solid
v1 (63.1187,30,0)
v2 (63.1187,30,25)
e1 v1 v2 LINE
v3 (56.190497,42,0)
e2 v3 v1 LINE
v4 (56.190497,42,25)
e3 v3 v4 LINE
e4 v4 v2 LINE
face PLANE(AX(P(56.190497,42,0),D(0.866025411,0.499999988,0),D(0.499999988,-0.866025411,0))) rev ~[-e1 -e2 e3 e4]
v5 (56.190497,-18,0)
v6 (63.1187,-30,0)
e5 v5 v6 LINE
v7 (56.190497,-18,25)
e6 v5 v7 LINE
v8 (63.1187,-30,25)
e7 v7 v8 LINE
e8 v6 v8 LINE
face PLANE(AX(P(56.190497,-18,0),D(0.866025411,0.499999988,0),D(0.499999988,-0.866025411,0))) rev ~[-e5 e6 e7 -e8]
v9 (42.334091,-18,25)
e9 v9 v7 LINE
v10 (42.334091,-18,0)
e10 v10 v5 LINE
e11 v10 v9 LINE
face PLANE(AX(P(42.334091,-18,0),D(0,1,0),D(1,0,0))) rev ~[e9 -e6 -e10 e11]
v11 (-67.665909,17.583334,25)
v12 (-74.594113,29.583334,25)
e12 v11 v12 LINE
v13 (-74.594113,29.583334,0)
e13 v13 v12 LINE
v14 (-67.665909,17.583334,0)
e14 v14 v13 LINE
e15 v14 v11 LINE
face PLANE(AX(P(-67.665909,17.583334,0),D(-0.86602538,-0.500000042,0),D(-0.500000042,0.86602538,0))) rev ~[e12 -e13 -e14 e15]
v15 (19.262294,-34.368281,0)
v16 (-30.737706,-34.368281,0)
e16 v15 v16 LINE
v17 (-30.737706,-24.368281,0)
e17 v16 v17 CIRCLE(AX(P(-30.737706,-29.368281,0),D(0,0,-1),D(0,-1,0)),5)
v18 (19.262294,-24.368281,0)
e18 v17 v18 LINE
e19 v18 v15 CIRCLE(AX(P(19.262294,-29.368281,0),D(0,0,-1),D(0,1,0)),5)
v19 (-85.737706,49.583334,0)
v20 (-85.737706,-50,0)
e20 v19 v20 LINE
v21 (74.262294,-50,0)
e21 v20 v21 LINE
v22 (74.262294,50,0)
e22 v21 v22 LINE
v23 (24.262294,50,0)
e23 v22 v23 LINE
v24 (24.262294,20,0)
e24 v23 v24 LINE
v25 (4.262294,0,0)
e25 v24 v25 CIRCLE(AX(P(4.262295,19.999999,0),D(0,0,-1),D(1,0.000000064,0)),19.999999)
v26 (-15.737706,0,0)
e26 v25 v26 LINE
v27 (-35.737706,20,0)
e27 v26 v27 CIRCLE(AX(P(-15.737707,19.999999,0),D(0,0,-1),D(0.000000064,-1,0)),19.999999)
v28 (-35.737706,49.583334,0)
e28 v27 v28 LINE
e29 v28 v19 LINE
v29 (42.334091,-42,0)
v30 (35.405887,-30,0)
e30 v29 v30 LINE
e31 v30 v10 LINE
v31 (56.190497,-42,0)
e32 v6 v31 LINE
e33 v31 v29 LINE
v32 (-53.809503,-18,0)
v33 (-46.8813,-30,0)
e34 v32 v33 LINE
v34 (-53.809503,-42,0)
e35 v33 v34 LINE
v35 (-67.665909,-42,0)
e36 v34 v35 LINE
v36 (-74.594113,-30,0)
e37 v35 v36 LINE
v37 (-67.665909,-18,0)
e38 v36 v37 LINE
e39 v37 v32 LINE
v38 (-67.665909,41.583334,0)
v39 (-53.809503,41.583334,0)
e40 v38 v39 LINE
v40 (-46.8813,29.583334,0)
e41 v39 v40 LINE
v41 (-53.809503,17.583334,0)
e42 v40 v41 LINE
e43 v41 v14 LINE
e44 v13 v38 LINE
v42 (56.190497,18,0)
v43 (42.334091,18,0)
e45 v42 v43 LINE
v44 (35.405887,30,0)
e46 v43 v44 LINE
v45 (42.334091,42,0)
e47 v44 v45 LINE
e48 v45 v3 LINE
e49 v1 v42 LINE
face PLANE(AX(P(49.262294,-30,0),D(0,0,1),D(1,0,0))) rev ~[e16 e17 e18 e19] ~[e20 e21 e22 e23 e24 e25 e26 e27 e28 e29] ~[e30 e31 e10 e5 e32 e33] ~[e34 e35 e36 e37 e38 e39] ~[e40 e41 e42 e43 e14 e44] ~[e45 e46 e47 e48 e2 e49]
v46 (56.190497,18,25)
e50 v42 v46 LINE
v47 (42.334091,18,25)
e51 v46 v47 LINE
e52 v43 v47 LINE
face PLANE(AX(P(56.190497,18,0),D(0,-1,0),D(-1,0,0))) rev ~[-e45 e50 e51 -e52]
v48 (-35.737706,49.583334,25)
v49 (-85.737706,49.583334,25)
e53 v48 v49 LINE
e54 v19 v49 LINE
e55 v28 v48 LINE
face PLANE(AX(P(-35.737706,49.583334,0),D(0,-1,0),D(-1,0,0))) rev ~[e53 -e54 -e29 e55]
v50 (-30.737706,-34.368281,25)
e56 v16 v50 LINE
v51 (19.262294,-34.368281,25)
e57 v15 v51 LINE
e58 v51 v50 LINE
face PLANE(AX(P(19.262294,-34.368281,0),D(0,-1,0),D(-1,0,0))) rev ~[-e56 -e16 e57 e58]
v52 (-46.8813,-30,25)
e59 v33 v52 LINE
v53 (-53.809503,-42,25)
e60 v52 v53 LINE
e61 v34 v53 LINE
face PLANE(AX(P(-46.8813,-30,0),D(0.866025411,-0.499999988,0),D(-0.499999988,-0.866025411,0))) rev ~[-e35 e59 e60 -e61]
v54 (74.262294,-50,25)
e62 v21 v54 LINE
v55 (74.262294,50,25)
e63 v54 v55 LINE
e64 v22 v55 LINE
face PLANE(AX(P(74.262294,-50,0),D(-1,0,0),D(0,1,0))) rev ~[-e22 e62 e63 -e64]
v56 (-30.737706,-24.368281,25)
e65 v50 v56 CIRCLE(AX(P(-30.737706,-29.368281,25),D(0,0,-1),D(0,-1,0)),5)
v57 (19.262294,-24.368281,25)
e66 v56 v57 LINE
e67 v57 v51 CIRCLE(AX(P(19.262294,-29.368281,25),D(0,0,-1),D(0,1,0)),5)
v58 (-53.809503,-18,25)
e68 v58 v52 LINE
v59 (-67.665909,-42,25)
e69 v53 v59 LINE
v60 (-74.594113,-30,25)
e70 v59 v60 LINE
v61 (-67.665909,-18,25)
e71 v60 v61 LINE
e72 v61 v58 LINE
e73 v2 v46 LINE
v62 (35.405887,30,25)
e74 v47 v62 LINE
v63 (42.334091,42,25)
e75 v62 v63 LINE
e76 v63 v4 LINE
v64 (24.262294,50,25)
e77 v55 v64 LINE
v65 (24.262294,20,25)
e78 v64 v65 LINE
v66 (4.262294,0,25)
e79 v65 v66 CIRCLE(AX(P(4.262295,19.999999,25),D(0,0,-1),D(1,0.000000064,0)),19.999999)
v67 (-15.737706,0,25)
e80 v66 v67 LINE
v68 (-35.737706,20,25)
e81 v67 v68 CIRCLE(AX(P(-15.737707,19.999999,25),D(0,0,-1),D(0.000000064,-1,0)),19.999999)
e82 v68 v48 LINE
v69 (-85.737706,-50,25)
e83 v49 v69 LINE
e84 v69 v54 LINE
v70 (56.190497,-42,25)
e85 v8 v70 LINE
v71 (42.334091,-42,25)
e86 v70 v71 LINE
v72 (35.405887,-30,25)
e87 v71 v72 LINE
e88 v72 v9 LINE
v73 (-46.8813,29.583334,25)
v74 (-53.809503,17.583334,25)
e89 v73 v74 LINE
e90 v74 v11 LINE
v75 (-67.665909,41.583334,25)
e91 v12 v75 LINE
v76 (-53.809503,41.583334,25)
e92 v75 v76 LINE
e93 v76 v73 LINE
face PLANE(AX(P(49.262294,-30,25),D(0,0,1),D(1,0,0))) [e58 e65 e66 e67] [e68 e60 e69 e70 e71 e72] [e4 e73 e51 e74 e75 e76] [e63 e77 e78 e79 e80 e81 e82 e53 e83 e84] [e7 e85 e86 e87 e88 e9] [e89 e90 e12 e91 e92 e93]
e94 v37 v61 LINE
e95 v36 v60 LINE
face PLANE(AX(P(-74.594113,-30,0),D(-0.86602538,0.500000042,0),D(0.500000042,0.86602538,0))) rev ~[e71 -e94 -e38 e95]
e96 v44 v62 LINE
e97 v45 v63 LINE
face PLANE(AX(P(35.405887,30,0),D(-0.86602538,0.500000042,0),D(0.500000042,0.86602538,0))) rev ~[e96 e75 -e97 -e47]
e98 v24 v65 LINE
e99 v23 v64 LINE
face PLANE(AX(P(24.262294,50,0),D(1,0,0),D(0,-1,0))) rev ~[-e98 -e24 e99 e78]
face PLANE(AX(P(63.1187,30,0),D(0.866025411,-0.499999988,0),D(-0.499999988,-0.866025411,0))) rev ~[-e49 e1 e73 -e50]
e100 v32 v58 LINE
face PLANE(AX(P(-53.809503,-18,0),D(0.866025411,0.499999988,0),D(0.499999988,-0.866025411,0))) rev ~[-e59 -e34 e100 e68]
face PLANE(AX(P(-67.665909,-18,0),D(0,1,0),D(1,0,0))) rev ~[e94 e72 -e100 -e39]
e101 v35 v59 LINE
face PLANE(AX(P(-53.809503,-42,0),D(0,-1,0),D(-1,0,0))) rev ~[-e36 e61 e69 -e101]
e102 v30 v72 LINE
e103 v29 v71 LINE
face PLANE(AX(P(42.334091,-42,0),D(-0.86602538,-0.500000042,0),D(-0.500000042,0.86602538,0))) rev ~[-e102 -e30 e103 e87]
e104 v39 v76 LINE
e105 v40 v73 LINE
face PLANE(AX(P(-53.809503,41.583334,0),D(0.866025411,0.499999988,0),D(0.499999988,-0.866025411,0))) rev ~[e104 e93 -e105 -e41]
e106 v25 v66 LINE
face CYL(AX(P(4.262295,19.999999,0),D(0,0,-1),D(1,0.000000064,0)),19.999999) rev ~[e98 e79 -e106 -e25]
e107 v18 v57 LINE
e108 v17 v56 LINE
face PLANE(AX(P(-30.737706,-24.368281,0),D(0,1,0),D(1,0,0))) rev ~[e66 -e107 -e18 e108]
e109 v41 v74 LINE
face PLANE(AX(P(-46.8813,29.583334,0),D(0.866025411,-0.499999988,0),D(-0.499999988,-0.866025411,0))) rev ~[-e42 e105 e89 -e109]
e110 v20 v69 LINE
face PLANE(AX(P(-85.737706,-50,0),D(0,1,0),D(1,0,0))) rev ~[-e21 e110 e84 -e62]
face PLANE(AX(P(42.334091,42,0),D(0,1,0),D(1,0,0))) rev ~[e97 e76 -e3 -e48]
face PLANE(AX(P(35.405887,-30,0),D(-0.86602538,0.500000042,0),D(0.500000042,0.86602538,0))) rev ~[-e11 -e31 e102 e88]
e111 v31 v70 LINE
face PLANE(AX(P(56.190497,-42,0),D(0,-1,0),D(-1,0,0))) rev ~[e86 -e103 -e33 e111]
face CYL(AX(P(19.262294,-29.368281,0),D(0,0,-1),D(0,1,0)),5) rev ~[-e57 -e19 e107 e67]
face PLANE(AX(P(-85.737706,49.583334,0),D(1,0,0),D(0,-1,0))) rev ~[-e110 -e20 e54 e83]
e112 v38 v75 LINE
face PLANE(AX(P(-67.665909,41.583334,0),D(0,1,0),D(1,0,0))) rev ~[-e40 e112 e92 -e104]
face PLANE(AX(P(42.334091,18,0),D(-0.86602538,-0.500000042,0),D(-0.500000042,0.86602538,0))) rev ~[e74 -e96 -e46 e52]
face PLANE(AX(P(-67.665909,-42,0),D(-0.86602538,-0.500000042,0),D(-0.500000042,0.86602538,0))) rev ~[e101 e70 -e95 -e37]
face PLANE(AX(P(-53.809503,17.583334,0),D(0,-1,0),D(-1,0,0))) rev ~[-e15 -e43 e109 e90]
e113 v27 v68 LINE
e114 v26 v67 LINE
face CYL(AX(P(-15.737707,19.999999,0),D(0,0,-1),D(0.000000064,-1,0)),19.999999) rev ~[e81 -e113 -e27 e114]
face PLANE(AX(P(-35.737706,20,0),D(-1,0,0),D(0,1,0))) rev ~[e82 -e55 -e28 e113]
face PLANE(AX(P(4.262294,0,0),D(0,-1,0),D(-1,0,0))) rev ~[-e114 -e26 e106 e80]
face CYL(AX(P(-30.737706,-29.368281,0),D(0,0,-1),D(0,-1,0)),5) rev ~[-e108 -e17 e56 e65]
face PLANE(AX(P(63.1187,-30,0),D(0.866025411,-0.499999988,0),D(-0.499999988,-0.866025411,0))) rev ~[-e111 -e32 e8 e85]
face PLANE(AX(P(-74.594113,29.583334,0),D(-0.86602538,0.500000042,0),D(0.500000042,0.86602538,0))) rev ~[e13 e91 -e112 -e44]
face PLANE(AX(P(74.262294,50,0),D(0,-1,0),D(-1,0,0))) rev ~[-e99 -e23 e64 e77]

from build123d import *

# Parameters (mm, degrees)
F1_DEPTH = 25


with BuildPart() as f1:
    # F0 (on Top) → F1 (new body)
    with BuildSketch(Plane.XY):
        Polygon((56.190497, -42), (63.1187, -30), (56.190497, -18), (42.334091, -18), (35.405887, -30), (42.334091, -42), align=None)
        Polygon((56.190497, 42), (49.262294, 42), (42.334091, 42), (35.405887, 30), (42.334091, 18), (56.190497, 18), (63.1187, 30), align=None)
        Polygon((-53.809503, 41.583334), (-60.737706, 41.583334), (-67.665909, 41.583334), (-74.594113, 29.583334), (-67.665909, 17.583334), (-53.809503, 17.583334), (-46.8813, 29.583334), align=None)
        Polygon((-67.665909, -18), (-74.594113, -30), (-67.665909, -42), (-53.809503, -42), (-46.8813, -30), (-53.809503, -18), align=None)
        with BuildLine():
            Line((-85.737706, -30), (-85.737706, -50))
            Line((-85.737706, -50), (-30.737706, -50))
            Line((-30.737706, -50), (19.262294, -50))
            Line((19.262294, -50), (74.262294, -50))
            Line((74.262294, -50), (74.262294, -30))
            Line((74.262294, -30), (74.262294, 50))
            Line((74.262294, 50), (49.262294, 50))
            Line((49.262294, 50), (24.262294, 50))
            Line((24.262294, 50), (24.262294, 20))
            ThreePointArc((24.262294, 20), (18.40443, 5.857864), (4.262294, 0))
            Line((4.262294, 0), (-15.737706, 0))
            ThreePointArc((-15.737706, 0), (-29.879842, 5.857864), (-35.737706, 20))
            Line((-35.737706, 20), (-35.737706, 49.583334))
            Line((-35.737706, 49.583334), (-60.737706, 49.583334))
            Line((-60.737706, 49.583334), (-85.737706, 49.583334))
            Line((-85.737706, 49.583334), (-85.737706, -30))
        make_face()
        Polygon((-67.665909, -42), (-74.594113, -30), (-67.665909, -18), (-53.809503, -18), (-46.8813, -30), (-53.809503, -42), align=None, mode=Mode.SUBTRACT)
        with BuildLine():
            ThreePointArc((-30.737706, -34.368281), (-35.737706, -29.368281), (-30.737706, -24.368281))
            Line((-30.737706, -24.368281), (19.262294, -24.368281))
            ThreePointArc((19.262294, -24.368281), (24.262294, -29.368281), (19.262294, -34.368281))
            Line((19.262294, -34.368281), (-30.737706, -34.368281))
        make_face(mode=Mode.SUBTRACT)
        Polygon((56.190497, -18), (63.1187, -30), (56.190497, -42), (42.334091, -42), (35.405887, -30), (42.334091, -18), align=None, mode=Mode.SUBTRACT)
        Polygon((-67.665909, 41.583334), (-60.737706, 41.583334), (-53.809503, 41.583334), (-46.8813, 29.583334), (-53.809503, 17.583334), (-67.665909, 17.583334), (-74.594113, 29.583334), align=None, mode=Mode.SUBTRACT)
        Polygon((42.334091, 42), (49.262294, 42), (56.190497, 42), (63.1187, 30), (56.190497, 18), (42.334091, 18), (35.405887, 30), align=None, mode=Mode.SUBTRACT)
    extrude(amount=F1_DEPTH)


solid = f1.part
